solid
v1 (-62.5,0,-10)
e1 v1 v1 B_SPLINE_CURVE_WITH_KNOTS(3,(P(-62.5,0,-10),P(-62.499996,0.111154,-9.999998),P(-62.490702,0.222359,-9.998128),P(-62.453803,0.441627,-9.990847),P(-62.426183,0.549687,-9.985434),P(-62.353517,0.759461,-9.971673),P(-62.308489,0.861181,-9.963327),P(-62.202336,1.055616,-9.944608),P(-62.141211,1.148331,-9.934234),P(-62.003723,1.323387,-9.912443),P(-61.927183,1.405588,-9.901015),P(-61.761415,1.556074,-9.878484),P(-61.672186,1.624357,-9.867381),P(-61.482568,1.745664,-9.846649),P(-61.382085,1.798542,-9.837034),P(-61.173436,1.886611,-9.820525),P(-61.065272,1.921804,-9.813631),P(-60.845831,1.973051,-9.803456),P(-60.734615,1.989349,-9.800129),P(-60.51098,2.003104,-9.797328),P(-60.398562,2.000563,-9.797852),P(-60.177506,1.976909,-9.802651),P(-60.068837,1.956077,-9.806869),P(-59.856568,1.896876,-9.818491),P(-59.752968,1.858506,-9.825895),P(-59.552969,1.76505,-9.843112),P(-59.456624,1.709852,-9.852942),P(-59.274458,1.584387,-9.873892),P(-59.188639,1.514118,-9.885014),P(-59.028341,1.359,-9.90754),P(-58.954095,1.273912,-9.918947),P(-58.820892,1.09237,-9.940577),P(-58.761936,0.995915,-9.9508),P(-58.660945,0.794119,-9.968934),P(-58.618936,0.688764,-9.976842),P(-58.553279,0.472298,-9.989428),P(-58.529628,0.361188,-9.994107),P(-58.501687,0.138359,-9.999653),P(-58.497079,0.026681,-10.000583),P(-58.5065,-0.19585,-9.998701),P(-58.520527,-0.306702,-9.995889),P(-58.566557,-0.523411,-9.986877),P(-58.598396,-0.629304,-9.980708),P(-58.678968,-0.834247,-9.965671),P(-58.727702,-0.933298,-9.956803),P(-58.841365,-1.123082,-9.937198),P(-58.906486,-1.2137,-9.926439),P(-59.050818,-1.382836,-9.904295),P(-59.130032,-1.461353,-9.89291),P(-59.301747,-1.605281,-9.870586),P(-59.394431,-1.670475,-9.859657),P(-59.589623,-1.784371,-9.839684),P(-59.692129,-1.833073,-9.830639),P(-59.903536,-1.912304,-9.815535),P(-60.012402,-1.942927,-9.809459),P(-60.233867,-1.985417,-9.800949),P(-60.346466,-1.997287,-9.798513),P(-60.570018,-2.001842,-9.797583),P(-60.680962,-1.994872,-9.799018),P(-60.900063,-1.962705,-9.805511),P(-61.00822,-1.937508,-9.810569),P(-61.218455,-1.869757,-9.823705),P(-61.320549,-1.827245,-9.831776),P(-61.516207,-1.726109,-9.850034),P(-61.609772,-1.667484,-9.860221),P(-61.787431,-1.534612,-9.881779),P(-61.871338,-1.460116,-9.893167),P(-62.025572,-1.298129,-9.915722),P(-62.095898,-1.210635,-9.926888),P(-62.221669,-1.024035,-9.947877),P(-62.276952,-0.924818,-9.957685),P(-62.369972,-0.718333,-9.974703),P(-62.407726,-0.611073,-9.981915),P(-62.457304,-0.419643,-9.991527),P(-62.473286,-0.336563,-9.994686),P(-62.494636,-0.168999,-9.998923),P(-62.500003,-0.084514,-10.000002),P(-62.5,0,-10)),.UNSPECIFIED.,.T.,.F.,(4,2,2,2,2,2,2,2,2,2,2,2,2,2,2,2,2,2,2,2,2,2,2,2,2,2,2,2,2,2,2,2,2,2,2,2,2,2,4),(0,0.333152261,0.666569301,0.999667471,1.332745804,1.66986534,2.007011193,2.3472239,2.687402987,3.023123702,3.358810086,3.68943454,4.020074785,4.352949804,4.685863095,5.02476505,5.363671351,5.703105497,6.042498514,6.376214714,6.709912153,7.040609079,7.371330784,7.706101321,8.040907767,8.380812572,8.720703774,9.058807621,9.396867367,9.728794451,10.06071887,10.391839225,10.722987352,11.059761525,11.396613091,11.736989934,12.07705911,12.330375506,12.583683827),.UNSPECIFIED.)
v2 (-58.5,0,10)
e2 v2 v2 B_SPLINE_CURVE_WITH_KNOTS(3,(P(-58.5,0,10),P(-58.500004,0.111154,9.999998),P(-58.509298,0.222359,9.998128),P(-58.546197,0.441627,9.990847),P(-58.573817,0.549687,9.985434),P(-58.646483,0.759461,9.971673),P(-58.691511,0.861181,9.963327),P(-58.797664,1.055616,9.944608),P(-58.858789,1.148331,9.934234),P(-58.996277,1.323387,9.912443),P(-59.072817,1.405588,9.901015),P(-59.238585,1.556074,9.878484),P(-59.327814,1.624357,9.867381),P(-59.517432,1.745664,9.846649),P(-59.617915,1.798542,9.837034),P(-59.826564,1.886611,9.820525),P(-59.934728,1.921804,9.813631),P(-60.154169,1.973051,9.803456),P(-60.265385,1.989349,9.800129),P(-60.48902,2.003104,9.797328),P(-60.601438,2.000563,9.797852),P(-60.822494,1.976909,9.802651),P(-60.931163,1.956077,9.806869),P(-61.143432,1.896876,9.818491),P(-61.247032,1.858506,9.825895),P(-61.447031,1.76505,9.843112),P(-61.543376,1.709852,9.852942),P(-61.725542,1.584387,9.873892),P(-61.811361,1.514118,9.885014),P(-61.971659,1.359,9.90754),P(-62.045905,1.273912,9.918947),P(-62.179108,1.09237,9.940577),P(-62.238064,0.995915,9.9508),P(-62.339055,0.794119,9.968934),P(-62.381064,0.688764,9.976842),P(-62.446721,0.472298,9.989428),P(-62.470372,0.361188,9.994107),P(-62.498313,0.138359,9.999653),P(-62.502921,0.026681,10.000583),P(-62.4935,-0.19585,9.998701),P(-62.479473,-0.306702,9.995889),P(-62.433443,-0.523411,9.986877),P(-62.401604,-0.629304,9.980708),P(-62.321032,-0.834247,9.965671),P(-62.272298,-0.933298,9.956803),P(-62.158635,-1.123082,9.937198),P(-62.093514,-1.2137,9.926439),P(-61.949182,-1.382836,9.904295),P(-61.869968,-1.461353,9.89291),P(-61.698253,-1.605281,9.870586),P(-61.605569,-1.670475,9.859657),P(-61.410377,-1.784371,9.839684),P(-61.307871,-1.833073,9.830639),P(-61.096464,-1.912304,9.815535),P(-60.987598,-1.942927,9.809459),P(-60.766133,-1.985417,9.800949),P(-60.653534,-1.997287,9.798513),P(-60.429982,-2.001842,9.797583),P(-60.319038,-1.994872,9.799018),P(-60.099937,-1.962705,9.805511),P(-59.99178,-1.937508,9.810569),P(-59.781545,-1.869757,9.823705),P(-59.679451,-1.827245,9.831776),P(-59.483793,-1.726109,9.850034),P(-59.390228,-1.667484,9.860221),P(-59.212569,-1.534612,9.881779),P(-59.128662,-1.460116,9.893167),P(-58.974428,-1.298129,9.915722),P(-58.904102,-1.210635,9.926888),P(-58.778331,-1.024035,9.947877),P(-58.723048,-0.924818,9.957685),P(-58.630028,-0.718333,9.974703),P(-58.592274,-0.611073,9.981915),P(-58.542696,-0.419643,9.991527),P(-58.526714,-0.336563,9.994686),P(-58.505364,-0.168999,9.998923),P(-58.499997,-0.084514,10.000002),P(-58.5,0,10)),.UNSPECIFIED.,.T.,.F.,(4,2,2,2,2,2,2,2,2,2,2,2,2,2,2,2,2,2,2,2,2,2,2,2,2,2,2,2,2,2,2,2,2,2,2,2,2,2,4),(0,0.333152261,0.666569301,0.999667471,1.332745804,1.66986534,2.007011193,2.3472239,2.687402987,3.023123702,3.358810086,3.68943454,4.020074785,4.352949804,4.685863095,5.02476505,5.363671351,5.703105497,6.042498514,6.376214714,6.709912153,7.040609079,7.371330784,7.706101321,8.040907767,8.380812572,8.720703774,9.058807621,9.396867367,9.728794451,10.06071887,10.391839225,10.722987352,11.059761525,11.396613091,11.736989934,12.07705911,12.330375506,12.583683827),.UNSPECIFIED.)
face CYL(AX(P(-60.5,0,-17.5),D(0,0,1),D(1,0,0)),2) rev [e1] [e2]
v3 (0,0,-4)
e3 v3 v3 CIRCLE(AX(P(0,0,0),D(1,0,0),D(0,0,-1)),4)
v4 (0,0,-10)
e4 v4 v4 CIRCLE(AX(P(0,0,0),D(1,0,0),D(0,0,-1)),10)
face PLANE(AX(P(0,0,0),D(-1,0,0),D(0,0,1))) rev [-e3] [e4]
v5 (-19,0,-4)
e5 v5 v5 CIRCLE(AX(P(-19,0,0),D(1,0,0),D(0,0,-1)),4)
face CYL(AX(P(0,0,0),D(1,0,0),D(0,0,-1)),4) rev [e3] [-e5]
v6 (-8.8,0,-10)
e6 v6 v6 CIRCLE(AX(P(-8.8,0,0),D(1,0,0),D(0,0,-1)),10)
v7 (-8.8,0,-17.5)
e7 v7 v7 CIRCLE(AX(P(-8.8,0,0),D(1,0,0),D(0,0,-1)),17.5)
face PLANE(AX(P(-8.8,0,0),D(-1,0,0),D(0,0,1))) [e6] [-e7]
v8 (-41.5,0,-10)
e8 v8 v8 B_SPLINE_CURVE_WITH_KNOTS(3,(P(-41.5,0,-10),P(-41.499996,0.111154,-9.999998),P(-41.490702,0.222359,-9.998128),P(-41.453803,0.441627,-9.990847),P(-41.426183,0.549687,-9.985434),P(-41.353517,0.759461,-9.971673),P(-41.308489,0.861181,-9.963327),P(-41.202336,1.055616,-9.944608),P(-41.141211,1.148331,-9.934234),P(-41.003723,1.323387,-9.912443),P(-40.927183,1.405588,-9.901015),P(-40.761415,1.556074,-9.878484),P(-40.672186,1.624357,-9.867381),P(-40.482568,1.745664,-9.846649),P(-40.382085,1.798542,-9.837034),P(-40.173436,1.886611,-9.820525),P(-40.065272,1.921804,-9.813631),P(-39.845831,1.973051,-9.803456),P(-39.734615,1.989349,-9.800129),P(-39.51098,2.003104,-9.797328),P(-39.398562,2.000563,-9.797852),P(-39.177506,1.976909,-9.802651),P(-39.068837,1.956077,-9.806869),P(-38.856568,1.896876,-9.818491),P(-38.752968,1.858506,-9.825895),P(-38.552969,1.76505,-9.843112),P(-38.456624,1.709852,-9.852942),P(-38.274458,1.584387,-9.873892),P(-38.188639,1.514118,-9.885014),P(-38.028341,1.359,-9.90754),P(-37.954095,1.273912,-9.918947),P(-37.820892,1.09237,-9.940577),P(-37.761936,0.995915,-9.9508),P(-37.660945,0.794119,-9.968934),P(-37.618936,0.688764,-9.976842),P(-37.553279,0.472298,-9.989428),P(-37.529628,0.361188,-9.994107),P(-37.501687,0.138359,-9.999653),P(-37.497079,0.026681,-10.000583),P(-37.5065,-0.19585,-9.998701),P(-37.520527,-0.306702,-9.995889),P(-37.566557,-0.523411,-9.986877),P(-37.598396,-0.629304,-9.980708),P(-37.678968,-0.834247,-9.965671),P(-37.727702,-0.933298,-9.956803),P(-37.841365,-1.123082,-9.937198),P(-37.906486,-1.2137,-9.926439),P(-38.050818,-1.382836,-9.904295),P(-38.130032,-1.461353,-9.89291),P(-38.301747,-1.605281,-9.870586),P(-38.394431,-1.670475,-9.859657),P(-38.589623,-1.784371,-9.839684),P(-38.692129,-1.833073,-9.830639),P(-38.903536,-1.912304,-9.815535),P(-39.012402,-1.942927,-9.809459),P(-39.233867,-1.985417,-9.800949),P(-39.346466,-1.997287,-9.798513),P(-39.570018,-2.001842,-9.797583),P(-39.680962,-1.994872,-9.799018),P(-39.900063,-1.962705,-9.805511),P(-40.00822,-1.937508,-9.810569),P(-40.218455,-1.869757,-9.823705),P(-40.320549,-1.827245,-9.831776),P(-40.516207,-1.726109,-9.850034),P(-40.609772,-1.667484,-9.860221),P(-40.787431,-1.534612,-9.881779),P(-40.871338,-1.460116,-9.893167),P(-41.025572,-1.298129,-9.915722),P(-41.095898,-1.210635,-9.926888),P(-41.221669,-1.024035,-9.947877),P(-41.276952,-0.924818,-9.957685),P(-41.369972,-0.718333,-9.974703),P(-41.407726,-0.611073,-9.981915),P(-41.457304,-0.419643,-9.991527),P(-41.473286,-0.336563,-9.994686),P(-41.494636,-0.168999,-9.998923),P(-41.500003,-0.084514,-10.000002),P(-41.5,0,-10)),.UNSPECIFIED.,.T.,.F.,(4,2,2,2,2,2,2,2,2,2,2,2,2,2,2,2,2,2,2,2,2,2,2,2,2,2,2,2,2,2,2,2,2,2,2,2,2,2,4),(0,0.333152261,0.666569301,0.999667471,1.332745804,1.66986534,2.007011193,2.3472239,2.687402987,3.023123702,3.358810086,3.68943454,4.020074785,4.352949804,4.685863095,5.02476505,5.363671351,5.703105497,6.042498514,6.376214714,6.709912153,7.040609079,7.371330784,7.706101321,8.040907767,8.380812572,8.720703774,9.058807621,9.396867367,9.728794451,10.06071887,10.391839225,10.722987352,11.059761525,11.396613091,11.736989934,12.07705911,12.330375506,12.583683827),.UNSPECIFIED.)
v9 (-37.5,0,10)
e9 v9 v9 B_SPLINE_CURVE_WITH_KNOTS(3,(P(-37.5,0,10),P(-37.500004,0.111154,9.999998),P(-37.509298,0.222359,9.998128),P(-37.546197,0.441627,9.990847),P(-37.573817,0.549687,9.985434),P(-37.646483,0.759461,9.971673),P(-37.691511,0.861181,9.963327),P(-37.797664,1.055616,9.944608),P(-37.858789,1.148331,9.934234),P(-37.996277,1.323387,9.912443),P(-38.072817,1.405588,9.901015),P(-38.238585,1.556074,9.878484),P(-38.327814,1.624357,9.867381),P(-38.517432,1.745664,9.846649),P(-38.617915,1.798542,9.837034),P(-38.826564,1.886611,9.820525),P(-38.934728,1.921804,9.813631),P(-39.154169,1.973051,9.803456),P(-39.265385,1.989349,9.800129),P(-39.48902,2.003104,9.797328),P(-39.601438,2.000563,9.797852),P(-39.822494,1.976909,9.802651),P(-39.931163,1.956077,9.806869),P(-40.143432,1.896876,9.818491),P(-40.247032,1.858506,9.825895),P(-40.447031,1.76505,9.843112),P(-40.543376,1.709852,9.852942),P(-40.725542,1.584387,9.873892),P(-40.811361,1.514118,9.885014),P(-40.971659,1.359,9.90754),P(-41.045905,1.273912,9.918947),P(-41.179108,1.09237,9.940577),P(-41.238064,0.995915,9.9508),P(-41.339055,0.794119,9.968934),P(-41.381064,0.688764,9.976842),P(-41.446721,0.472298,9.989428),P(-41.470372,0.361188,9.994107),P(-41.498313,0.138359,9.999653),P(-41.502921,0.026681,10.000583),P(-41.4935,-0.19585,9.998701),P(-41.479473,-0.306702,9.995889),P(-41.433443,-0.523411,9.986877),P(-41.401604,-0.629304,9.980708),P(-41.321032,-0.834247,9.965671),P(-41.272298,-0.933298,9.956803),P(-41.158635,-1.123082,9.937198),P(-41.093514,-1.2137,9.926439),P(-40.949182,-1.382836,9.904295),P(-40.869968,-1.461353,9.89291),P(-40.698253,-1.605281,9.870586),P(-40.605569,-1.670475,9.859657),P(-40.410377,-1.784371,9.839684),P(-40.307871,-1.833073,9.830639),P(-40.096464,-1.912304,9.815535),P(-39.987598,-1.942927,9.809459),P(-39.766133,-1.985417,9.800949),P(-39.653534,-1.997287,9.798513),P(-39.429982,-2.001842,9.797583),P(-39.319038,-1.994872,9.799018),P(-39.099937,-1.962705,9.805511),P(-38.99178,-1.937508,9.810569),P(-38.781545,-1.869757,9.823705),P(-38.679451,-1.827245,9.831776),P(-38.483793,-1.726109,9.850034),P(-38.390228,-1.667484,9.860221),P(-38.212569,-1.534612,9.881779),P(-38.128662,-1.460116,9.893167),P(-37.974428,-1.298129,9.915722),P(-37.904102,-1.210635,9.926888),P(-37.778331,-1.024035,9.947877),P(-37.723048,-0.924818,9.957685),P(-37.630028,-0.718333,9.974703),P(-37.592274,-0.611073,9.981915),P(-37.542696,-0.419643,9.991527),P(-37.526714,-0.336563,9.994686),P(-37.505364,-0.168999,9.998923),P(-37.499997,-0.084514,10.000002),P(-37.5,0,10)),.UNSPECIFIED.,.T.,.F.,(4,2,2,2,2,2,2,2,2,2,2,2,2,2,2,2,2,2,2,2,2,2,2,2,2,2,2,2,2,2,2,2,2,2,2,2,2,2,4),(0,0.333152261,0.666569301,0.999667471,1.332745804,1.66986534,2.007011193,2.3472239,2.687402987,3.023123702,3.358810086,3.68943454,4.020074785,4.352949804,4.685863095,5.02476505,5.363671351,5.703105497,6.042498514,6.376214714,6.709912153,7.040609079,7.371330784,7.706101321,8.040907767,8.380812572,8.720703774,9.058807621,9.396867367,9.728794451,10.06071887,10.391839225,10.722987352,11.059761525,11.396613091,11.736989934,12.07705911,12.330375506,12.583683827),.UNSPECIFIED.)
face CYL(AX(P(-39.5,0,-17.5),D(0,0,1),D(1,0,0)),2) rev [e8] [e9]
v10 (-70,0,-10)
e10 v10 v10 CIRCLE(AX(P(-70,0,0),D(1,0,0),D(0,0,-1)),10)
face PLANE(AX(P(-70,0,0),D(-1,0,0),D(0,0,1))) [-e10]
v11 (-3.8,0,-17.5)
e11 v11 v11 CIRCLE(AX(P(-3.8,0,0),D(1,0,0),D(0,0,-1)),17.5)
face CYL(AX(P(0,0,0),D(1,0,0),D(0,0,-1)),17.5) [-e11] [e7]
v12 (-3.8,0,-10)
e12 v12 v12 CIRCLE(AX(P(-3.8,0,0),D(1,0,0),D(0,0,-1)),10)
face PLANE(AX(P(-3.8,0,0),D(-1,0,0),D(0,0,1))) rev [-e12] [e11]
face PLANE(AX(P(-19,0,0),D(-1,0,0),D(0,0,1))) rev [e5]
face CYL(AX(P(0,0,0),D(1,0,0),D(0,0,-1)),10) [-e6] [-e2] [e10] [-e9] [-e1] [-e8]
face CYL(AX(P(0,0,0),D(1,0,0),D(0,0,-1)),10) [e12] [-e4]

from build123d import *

# Parameters (mm, degrees)
CUT_EXTRUDE2_DEPTH      = 75.246212025
CUT_EXTRUDE2_DEPTH_BACK = 75.246212025
SKETCH5_R               = 2


with BuildPart() as part:
    # Sketch1 → Revolve2 (revolve)
    with BuildSketch(Plane(origin=(0, 0, 0), x_dir=(1, 0, 0), z_dir=(0, 1, 0))):
        Polygon((-3.8, 10), (-3.8, 17.5), (-8.8, 17.5), (-8.8, 10), (-70, 10), (-70, 0), (-19, 0), (-19, 4), (0, 4), (0, 10), align=None)
    revolve(axis=Axis((0, 0, 0), (-1, 0, 0)))

    # Sketch5 → Cut-Extrude2 (cut, two sides: drawn at the far end of the back side and taken through both)
    with BuildSketch(Plane.XY.offset(-CUT_EXTRUDE2_DEPTH_BACK)):
        with Locations((-39.5, 0)):
            Circle(SKETCH5_R)
        with Locations((-60.5, 0)):
            Circle(SKETCH5_R)
    extrude(amount=CUT_EXTRUDE2_DEPTH + CUT_EXTRUDE2_DEPTH_BACK, mode=Mode.SUBTRACT)


solid = part.part
